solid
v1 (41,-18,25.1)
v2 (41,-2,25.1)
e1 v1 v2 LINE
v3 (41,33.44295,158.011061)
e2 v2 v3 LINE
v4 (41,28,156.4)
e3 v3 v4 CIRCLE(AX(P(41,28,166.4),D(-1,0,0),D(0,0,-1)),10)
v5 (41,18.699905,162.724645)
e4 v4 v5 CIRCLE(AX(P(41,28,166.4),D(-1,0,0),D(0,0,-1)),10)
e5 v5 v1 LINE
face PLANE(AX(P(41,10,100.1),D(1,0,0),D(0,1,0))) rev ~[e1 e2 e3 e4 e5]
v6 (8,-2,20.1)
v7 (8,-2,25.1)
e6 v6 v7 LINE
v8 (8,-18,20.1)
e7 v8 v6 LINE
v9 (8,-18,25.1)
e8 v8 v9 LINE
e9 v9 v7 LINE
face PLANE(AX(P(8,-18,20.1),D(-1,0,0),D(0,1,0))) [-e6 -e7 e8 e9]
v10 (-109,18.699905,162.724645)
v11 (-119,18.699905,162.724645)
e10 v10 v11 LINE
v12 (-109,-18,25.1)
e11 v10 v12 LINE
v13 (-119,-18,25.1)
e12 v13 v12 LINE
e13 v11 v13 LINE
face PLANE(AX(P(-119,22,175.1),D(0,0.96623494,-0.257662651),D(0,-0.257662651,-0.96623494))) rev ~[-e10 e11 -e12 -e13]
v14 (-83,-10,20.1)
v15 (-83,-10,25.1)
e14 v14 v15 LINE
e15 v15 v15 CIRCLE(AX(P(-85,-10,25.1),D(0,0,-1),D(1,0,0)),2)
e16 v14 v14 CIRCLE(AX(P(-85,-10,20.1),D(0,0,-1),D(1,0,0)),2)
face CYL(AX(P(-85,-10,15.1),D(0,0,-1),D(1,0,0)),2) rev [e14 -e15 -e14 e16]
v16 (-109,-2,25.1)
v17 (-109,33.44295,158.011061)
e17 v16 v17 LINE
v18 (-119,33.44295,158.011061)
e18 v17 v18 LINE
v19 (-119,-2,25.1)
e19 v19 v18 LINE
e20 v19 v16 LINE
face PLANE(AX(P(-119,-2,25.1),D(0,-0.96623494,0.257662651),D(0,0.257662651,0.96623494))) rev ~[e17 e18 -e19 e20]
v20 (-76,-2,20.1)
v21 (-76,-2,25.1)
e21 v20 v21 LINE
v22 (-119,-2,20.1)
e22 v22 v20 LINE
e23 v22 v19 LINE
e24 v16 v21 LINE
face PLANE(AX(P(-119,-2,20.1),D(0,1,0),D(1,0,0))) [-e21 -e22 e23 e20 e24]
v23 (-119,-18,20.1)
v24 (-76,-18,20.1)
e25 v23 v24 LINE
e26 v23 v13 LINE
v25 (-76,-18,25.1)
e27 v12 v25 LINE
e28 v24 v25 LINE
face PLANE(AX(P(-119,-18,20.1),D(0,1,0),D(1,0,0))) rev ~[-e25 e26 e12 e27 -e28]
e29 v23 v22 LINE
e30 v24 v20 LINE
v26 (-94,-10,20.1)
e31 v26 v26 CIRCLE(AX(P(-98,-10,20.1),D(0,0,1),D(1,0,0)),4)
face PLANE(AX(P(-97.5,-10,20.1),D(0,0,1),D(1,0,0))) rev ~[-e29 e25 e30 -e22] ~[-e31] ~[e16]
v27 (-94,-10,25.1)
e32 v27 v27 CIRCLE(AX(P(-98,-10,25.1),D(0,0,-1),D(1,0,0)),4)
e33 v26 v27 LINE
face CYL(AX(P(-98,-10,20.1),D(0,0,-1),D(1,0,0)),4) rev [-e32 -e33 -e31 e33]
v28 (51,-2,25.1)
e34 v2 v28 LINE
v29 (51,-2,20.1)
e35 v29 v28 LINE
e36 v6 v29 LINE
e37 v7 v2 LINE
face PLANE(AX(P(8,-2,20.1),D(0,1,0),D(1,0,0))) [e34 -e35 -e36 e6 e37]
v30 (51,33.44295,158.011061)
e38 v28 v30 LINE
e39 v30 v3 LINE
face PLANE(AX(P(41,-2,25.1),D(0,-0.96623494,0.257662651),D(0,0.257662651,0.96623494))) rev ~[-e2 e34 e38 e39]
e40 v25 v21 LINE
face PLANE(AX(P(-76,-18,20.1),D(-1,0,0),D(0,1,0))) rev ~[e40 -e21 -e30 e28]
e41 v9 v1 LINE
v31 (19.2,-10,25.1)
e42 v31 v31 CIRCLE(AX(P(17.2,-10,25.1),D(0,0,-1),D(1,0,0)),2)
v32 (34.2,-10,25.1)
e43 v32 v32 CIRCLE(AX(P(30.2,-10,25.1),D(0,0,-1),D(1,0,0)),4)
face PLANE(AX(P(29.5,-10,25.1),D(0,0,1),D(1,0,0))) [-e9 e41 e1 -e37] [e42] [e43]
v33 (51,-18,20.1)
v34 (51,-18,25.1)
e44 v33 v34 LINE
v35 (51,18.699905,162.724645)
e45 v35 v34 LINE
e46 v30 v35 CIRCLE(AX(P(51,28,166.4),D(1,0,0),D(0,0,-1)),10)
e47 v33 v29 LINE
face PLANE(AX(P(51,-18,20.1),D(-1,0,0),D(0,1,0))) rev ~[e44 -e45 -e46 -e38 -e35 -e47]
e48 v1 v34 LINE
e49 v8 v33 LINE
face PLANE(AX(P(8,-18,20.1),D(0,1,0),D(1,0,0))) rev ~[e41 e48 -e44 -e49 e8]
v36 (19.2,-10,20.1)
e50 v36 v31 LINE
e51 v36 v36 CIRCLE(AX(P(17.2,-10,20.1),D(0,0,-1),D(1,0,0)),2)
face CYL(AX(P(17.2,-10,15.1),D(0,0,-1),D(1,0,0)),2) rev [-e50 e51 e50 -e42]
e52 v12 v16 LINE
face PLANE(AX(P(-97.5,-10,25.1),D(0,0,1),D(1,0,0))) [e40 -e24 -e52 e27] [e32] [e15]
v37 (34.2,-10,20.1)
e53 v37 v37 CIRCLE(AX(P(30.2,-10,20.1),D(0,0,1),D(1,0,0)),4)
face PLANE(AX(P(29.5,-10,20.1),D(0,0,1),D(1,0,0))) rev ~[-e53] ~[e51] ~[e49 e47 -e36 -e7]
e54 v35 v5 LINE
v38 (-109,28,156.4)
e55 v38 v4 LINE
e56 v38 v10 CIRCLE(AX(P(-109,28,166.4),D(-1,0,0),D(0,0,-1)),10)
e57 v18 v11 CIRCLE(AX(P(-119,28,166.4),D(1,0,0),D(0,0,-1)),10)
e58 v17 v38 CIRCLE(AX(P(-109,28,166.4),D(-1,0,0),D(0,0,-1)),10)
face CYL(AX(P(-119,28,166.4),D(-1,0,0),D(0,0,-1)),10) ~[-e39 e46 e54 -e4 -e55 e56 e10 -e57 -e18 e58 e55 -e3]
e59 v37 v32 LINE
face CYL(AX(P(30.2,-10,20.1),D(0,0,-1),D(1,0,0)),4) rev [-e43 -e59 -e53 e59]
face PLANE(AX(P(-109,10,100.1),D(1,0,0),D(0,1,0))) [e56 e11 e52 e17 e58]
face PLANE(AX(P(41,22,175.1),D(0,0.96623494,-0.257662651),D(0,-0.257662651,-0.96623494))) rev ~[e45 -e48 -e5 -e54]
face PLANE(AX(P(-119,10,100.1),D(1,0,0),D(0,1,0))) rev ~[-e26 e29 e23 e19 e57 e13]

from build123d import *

# Parameters (mm, degrees)
CYLINDER127_R             = 10
CYLINDER127_DEPTH         = 170
EXTRUDE010_DEPTH          = 10
FILLET003_R               = 7.72
FILLET003_ROLL_ANGLE      = 90
FILLET003_PLACEMENT_ANGLE = 90
EXTRUDE009_DEPTH          = 10
FILLET002_R               = 7.72
FILLET002_ROLL_ANGLE      = 90
FILLET002_PLACEMENT_ANGLE = 90
CYLINDER237_R             = 2
CYLINDER237_DEPTH         = 42
CYLINDER033_R             = 4
CYLINDER033_DEPTH         = 32
BOX309_W                  = 43
BOX309_H                  = 16
BOX309_DEPTH              = 5
CYLINDER236_R             = 2
CYLINDER236_DEPTH         = 42
CYLINDER034_R             = 4
CYLINDER034_DEPTH         = 32
BOX310_W                  = 43
BOX310_H                  = 16
BOX310_DEPTH              = 5


with BuildPart() as cylinder127:
    # Cylinder127 → Cylinder127 (new body)
    with BuildSketch(Plane(origin=(-119, 28, 146.3), x_dir=(0, 0, -1), z_dir=(1, 0, 0))):
        Circle(CYLINDER127_R)
    extrude(amount=CYLINDER127_DEPTH)


with BuildPart() as fillet003:
    # Wire005 → Extrude010 (new body)
    with BuildSketch(Plane.XY):
        Polygon((0, 0), (16, 0), (56, 150), (40, 150), align=None)
    extrude(amount=EXTRUDE010_DEPTH)

    # Fillet003
    fillet003_edges = [fillet003.edges().sort_by_distance(p)[0] for p in [
        (56, 150, 5),
        (40, 150, 5),
    ]]
    fillet(fillet003_edges, radius=FILLET003_R)


with BuildPart() as fillet003_1:
    # Fillet003 roll: moved
    add(fillet003.part.rotate(Axis((0, 0, 0), (1, 0, 0)), FILLET003_ROLL_ANGLE))


with BuildPart() as fillet003_2:
    # Fillet003 placement: moved
    add(fillet003_1.part.moved(Location((-119, -18, 5))).rotate(Axis((-119, -18, 5), (0, 0, 1)), FILLET003_PLACEMENT_ANGLE))


with BuildPart() as fusion167:
    # Wire004 → Extrude009 (new body)
    with BuildSketch(Plane.XY):
        Polygon((0, 0), (16, 0), (56, 150), (40, 150), align=None)
    extrude(amount=EXTRUDE009_DEPTH)

    # Fillet002
    fillet002_edges = [fusion167.edges().sort_by_distance(p)[0] for p in [
        (56, 150, 5),
        (40, 150, 5),
    ]]
    fillet(fillet002_edges, radius=FILLET002_R)


with BuildPart() as fusion167_1:
    # Fillet002 roll: moved
    add(fusion167.part.rotate(Axis((0, 0, 0), (1, 0, 0)), FILLET002_ROLL_ANGLE))


with BuildPart() as fusion167_2:
    # Fillet002 placement: moved
    add(fusion167_1.part.moved(Location((41, -18, 5))).rotate(Axis((41, -18, 5), (0, 0, 1)), FILLET002_PLACEMENT_ANGLE))

    # Fusion167: union Cylinder127, Fillet003
    add(cylinder127.part)
    add(fillet003_2.part)


with BuildPart() as cylinder237:
    # Cylinder237 → Cylinder237 (new body)
    with BuildSketch(Plane(origin=(17.2, -10, -5), x_dir=(1, 0, 0), z_dir=(0, 0, 1))):
        Circle(CYLINDER237_R)
    extrude(amount=CYLINDER237_DEPTH)


with BuildPart() as cylinder033:
    # Cylinder033 → Cylinder033 (new body)
    with BuildSketch(Plane(origin=(30.2, -10, 0), x_dir=(1, 0, 0), z_dir=(0, 0, 1))):
        Circle(CYLINDER033_R)
    extrude(amount=CYLINDER033_DEPTH)


with BuildPart() as cut203:
    # Box309 → Box309 (new body)
    with BuildSketch(Plane(origin=(8, -18, 0), x_dir=(1, 0, 0), z_dir=(0, 0, 1))):
        with Locations((21.5, 8)):
            Rectangle(BOX309_W, BOX309_H)
    extrude(amount=BOX309_DEPTH)

    # Cut187: cut Cylinder033
    add(cylinder033.part, mode=Mode.SUBTRACT)

    # Cut203: cut Cylinder237
    add(cylinder237.part, mode=Mode.SUBTRACT)


with BuildPart() as cylinder236:
    # Cylinder236 → Cylinder236 (new body)
    with BuildSketch(Plane(origin=(-85, -10, -5), x_dir=(1, 0, 0), z_dir=(0, 0, 1))):
        Circle(CYLINDER236_R)
    extrude(amount=CYLINDER236_DEPTH)


with BuildPart() as cylinder034:
    # Cylinder034 → Cylinder034 (new body)
    with BuildSketch(Plane(origin=(-98, -10, 0), x_dir=(1, 0, 0), z_dir=(0, 0, 1))):
        Circle(CYLINDER034_R)
    extrude(amount=CYLINDER034_DEPTH)


with BuildPart() as fusion169:
    # Box310 → Box310 (new body)
    with BuildSketch(Plane(origin=(-119, -18, 0), x_dir=(1, 0, 0), z_dir=(0, 0, 1))):
        with Locations((21.5, 8)):
            Rectangle(BOX310_W, BOX310_H)
    extrude(amount=BOX310_DEPTH)

    # Cut183: cut Cylinder034
    add(cylinder034.part, mode=Mode.SUBTRACT)

    # Cut202: cut Cylinder236
    add(cylinder236.part, mode=Mode.SUBTRACT)

    # Fusion169: union Fusion167, Cut203
    add(fusion167_2.part)
    add(cut203.part)


with BuildPart() as fusion169_1:
    # Fusion169 placement: moved
    add(fusion169.part.moved(Location((0, 0, 20.1))))


solid = fusion169_1.part
